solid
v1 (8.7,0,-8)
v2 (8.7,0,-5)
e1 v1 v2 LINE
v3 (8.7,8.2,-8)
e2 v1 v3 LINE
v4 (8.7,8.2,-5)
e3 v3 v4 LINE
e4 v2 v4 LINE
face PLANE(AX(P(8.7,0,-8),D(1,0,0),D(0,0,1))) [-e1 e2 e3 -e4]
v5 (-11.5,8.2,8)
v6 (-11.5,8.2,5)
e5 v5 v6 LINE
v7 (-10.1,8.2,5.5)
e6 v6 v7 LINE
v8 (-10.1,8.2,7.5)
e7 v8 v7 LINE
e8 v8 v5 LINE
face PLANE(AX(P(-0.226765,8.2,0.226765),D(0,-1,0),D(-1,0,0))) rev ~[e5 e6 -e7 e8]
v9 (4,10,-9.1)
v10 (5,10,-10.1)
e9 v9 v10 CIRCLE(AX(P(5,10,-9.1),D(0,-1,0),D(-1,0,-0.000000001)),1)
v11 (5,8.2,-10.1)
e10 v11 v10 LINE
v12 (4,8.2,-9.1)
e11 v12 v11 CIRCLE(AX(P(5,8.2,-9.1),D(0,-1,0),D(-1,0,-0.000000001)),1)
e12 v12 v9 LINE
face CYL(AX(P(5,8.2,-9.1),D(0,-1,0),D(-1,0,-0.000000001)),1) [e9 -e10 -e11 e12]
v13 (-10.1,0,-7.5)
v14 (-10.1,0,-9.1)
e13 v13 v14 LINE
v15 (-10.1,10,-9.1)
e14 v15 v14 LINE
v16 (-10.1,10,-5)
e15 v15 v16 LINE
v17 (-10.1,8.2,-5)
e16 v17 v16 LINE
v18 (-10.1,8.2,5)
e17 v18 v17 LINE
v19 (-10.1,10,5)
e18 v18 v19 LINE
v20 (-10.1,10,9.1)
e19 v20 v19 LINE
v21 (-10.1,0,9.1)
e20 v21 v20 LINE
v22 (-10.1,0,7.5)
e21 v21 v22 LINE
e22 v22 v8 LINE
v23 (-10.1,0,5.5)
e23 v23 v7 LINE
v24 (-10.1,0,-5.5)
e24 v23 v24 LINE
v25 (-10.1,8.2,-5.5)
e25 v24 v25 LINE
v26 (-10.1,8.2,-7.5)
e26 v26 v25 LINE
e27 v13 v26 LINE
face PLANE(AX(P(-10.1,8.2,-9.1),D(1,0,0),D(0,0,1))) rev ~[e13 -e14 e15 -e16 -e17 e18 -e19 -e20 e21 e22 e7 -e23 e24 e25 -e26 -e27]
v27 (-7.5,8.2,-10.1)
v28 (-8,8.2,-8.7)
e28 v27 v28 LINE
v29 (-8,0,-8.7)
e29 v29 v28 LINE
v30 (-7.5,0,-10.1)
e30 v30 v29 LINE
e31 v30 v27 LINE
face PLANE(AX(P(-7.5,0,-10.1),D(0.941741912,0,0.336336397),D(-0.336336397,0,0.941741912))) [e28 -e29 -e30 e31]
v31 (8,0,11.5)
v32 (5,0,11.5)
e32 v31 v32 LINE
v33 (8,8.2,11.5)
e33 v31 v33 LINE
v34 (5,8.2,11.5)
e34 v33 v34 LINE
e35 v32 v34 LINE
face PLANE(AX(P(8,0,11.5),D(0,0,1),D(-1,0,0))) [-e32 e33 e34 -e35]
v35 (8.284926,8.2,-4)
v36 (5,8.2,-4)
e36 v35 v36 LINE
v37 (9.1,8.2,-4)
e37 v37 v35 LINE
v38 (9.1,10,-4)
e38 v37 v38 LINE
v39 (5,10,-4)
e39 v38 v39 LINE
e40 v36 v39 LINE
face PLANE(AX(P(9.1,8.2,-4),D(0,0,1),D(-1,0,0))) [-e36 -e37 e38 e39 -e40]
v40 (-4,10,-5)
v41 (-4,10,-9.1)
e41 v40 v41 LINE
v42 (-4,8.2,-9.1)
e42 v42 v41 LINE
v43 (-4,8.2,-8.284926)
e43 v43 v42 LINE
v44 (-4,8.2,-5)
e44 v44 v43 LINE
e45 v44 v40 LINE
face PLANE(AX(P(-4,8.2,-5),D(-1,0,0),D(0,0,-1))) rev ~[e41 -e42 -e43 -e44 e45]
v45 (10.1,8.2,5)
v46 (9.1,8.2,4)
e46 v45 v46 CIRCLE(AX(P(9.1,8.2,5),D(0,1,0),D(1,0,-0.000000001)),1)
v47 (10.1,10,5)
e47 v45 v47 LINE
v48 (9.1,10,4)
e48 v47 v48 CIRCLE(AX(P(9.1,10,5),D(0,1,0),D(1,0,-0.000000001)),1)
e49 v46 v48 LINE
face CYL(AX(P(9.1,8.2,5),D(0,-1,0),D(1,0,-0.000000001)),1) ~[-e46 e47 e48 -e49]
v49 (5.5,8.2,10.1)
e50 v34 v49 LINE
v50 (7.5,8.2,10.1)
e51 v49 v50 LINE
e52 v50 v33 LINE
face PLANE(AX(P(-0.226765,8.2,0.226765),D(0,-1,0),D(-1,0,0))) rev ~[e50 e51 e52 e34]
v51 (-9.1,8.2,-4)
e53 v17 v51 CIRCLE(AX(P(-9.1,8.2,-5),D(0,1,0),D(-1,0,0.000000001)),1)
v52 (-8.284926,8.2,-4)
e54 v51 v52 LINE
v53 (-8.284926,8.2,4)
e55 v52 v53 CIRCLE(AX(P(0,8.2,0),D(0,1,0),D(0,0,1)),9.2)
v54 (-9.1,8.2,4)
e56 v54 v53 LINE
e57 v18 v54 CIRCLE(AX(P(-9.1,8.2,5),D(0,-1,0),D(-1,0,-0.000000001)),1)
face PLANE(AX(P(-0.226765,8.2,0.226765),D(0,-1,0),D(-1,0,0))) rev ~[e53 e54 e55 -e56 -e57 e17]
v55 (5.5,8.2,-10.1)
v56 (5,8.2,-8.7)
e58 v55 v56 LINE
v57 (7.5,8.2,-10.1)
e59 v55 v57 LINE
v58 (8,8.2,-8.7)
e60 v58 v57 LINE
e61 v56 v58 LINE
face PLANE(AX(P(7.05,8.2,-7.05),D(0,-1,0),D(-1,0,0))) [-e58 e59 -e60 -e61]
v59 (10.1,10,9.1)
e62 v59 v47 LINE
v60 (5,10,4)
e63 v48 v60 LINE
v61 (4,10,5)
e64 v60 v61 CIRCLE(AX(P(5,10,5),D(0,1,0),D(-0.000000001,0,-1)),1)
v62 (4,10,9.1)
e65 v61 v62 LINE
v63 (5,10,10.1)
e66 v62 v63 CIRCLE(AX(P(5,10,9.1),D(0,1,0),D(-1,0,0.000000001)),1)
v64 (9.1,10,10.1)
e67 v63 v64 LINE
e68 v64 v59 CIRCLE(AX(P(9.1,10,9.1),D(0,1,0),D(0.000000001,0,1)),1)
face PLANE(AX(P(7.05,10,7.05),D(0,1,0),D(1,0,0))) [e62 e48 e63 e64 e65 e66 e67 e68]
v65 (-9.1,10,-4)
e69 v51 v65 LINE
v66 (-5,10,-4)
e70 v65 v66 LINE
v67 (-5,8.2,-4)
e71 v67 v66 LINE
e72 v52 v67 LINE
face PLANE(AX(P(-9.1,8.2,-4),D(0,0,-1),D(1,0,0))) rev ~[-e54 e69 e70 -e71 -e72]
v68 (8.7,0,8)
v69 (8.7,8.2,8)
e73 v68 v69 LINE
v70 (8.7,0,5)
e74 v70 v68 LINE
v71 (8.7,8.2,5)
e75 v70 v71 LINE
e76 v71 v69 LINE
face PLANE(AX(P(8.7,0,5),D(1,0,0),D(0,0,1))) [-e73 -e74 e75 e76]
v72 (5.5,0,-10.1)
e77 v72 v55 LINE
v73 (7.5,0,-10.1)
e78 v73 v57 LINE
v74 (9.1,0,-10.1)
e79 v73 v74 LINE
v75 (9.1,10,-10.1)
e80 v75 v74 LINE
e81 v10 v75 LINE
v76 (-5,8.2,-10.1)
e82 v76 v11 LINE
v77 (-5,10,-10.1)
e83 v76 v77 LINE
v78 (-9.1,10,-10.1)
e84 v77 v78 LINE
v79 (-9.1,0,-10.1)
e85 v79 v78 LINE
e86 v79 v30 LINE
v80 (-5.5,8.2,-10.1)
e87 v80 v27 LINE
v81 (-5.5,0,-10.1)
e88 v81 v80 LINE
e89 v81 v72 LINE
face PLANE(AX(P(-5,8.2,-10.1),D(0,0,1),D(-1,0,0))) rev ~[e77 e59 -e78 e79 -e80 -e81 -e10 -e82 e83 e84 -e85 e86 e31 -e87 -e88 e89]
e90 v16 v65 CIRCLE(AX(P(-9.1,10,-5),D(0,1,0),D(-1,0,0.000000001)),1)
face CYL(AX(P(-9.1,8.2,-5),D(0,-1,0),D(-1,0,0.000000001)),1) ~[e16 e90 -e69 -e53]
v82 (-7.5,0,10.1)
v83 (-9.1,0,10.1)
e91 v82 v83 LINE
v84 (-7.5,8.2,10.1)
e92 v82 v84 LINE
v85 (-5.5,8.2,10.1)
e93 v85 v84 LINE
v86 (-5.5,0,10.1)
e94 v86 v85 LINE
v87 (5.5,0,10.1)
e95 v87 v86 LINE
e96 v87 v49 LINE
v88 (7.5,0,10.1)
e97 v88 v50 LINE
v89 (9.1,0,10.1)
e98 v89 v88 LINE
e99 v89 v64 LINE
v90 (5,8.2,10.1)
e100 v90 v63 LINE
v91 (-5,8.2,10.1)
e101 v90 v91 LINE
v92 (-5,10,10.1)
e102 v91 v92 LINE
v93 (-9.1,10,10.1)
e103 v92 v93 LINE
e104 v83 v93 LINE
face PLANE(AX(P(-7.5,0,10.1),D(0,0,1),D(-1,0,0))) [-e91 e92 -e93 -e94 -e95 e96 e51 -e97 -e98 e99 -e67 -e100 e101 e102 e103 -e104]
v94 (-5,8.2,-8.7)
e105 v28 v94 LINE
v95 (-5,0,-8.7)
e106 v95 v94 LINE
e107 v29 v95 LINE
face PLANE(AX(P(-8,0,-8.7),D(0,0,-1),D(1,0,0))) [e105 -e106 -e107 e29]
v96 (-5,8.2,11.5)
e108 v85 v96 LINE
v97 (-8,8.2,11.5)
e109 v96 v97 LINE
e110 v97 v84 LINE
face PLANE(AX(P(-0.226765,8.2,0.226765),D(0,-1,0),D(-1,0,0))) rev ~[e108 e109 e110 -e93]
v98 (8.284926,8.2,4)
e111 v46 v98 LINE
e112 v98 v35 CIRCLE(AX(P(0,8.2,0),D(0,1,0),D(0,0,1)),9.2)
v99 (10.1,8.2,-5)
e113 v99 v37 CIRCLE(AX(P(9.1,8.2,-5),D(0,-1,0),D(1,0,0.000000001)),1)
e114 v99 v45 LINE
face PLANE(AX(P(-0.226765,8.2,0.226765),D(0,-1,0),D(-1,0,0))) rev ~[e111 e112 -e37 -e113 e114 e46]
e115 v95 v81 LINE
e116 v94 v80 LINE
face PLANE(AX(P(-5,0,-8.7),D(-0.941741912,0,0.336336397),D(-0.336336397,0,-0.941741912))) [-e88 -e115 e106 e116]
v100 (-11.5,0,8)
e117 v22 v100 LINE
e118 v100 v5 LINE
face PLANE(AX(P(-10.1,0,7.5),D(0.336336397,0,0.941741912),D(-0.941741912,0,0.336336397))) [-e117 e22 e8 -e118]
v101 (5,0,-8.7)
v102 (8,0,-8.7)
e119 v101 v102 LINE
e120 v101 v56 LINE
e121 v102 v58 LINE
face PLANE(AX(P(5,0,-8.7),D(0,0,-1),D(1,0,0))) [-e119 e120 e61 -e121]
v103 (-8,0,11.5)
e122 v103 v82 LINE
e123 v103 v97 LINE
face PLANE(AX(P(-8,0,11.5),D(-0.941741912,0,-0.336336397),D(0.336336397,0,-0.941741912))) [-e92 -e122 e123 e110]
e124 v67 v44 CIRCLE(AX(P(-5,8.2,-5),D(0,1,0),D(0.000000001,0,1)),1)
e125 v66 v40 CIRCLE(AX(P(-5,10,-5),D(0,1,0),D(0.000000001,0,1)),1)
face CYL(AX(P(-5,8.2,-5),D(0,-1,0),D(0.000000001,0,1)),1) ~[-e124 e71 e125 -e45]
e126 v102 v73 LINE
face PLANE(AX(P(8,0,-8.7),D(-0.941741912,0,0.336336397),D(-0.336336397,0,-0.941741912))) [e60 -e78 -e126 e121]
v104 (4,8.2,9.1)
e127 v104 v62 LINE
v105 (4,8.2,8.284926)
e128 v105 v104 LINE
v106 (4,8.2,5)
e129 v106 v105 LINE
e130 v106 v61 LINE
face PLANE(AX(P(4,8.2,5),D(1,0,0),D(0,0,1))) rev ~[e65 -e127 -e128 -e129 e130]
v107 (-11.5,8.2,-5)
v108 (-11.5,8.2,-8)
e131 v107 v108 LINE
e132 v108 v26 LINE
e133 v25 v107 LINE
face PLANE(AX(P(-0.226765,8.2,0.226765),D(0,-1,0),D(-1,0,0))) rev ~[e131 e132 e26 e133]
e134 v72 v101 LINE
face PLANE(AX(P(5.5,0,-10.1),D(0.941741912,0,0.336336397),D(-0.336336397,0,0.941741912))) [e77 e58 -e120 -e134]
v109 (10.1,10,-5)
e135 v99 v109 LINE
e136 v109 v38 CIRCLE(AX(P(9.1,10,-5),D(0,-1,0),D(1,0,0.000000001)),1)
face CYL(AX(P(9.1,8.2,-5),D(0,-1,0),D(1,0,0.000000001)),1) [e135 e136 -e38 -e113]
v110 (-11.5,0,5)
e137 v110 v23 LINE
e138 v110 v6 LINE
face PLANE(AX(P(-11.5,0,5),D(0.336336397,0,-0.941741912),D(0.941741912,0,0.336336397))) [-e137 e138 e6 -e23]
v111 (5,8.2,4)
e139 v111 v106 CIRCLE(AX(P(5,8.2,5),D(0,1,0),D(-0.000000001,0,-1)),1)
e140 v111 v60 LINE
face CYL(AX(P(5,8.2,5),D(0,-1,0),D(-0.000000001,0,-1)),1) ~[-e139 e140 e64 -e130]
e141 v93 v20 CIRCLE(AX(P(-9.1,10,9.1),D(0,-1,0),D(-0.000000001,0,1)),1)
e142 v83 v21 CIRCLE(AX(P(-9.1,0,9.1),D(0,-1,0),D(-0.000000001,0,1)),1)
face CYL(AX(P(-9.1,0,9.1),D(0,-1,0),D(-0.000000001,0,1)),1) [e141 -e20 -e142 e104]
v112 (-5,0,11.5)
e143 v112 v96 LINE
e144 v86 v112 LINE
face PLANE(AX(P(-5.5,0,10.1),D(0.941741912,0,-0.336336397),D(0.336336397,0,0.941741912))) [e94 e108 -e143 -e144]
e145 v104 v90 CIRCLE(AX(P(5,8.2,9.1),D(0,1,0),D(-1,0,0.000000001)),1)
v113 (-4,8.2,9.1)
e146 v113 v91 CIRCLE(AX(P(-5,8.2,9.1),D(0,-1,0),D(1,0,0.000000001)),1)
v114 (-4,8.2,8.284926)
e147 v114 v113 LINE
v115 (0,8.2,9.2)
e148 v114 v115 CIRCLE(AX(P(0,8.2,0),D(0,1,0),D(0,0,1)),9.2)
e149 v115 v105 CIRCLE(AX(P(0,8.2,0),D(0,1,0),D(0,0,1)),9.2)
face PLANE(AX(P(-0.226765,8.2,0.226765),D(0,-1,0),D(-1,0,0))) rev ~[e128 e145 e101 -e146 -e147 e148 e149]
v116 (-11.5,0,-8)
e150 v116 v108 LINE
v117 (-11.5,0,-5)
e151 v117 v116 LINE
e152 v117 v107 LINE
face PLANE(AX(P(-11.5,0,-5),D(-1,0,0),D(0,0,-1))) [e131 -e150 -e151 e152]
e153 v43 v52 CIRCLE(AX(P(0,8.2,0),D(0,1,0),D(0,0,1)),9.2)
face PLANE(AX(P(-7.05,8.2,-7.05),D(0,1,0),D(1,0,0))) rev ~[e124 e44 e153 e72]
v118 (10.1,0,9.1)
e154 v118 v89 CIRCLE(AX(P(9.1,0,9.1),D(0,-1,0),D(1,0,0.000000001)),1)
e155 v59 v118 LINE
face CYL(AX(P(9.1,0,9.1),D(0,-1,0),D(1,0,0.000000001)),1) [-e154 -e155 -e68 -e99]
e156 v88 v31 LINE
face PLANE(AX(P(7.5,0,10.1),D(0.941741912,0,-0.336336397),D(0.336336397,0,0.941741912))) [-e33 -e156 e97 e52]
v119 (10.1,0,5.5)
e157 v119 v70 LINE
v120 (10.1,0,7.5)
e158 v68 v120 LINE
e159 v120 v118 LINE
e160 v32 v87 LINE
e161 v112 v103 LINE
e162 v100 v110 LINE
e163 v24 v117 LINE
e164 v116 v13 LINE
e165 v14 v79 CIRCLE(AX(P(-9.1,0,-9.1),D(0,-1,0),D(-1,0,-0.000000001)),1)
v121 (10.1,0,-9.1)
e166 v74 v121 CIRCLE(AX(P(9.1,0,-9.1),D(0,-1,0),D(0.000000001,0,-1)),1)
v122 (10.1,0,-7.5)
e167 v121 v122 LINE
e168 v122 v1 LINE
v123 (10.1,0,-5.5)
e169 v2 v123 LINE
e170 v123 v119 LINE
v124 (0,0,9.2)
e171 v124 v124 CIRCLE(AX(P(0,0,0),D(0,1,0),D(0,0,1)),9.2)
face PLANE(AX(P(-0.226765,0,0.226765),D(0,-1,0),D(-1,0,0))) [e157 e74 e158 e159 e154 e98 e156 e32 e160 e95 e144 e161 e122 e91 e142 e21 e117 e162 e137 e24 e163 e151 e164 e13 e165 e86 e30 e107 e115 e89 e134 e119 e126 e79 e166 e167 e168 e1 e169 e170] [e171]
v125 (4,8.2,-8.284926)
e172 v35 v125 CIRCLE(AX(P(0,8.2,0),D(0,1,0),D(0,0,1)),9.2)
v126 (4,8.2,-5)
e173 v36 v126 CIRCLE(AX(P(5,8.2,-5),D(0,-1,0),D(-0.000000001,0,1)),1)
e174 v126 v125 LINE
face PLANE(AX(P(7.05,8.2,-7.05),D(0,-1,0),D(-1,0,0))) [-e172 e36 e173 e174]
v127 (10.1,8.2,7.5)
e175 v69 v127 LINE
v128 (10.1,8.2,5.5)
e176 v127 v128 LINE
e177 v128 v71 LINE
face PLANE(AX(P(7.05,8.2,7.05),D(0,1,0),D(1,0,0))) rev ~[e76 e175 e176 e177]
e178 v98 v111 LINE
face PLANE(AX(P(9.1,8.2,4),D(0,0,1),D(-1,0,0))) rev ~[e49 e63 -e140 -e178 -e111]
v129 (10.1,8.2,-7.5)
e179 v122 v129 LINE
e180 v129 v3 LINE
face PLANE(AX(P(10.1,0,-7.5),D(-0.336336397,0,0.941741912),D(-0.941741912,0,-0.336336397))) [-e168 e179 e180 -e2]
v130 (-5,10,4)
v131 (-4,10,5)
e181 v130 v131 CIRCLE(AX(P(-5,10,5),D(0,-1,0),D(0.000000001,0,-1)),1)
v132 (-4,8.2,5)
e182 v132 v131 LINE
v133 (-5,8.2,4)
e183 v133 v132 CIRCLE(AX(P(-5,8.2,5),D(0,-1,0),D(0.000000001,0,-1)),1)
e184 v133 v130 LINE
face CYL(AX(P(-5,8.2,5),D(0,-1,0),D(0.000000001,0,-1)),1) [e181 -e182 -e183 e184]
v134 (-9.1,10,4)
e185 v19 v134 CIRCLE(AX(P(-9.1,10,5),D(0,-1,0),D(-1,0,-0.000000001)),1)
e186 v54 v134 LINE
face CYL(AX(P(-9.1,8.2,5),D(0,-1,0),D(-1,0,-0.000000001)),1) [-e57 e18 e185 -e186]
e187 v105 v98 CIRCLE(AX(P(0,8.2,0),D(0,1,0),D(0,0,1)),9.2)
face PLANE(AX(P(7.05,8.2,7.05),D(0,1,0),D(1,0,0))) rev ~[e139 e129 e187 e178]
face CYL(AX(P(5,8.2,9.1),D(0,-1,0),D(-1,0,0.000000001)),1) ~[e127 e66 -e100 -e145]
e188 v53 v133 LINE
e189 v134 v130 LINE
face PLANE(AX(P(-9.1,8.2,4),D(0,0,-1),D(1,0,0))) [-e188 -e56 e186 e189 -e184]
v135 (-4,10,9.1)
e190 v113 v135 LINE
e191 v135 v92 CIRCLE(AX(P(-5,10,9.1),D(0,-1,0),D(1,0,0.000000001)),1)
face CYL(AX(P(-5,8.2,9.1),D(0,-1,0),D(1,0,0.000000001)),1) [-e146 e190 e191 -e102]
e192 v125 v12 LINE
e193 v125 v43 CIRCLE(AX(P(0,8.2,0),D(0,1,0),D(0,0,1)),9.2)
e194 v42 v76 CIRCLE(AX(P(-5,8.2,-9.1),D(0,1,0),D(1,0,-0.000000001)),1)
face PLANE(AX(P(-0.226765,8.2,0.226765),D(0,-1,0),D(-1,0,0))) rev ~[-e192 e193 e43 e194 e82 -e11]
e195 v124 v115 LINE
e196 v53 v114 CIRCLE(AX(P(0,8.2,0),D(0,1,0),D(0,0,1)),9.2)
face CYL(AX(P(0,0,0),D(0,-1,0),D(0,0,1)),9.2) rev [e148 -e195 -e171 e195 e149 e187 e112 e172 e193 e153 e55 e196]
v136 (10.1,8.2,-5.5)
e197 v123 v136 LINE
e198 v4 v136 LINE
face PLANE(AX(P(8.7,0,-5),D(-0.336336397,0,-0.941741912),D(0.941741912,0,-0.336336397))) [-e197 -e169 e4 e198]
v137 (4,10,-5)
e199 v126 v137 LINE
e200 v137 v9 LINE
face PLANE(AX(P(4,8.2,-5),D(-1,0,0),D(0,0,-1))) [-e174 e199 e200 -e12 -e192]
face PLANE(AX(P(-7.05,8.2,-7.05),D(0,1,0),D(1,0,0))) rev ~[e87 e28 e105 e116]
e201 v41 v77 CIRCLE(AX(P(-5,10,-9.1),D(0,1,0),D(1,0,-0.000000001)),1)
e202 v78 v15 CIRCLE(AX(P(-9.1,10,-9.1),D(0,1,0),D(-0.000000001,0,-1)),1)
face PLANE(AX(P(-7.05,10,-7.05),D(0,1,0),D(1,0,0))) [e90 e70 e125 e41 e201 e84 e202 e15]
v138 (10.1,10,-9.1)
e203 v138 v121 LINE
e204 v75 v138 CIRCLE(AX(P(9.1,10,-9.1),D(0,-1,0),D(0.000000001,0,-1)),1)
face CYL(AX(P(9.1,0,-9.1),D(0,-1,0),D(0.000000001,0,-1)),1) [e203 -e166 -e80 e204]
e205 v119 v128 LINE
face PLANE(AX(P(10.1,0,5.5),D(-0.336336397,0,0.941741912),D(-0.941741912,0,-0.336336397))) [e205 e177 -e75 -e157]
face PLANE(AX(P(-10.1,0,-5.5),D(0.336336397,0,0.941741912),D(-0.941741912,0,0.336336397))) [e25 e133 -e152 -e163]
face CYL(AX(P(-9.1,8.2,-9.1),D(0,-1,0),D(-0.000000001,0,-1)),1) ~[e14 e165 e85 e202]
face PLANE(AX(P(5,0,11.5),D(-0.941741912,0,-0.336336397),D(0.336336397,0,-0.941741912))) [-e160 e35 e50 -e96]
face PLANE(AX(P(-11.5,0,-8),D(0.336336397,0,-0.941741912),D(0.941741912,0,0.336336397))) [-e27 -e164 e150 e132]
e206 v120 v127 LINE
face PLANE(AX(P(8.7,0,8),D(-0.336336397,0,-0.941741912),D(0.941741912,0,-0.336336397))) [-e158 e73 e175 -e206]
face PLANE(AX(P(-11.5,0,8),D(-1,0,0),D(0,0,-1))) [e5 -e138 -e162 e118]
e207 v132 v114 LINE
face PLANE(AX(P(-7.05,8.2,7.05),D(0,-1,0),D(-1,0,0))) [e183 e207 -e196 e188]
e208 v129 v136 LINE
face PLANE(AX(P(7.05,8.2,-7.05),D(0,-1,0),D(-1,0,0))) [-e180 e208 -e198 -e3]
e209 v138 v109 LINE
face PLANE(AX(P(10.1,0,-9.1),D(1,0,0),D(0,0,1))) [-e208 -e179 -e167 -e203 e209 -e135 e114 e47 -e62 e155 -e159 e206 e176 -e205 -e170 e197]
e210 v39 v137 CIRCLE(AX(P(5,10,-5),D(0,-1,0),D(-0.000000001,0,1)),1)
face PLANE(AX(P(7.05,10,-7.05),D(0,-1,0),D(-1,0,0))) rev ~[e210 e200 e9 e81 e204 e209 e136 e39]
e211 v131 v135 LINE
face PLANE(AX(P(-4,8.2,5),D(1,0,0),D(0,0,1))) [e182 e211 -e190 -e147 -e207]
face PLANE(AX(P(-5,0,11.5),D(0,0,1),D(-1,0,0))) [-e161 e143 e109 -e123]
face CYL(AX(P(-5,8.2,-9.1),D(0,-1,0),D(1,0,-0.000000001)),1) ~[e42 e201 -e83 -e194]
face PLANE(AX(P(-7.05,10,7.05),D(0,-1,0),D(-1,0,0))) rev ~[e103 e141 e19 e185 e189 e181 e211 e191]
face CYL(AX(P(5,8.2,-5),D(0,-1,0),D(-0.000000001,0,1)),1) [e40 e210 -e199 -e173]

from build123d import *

# Parameters (mm, degrees)
SKETCH1_R           = 9.2
BOSS_EXTRUDE1_DEPTH = 8.2
BOSS_EXTRUDE2_DEPTH = 1.8


with BuildPart() as part:
    # Sketch1 → Boss-Extrude1 (new body)
    with BuildSketch(Plane(origin=(0, 0, 0), x_dir=(1, 0, 0), z_dir=(0, 1, 0))):
        with BuildLine():
            Line((-9.1, 10.1), (-7.5, 10.1))
            Line((-7.5, 10.1), (-8, 8.7))
            Line((-8, 8.7), (-5, 8.7))
            Line((-5, 8.7), (-5.5, 10.1))
            Line((-5.5, 10.1), (5.5, 10.1))
            Line((5.5, 10.1), (5, 8.7))
            Line((5, 8.7), (8, 8.7))
            Line((8, 8.7), (7.5, 10.1))
            Line((7.5, 10.1), (9.1, 10.1))
            ThreePointArc((9.1, 10.1), (9.807106781, 9.807106781), (10.1, 9.1))
            Line((10.1, 9.1), (10.1, 7.5))
            Line((10.1, 7.5), (8.7, 8))
            Line((8.7, 8), (8.7, 5))
            Line((8.7, 5), (10.1, 5.5))
            Line((10.1, 5.5), (10.1, -5.5))
            Line((10.1, -5.5), (8.7, -5))
            Line((8.7, -5), (8.7, -8))
            Line((8.7, -8), (10.1, -7.5))
            Line((10.1, -7.5), (10.1, -9.1))
            ThreePointArc((10.1, -9.1), (9.807106781, -9.807106781), (9.1, -10.1))
            Line((9.1, -10.1), (7.5, -10.1))
            Line((7.5, -10.1), (8, -11.5))
            Line((8, -11.5), (5, -11.5))
            Line((5, -11.5), (5.5, -10.1))
            Line((5.5, -10.1), (-5.5, -10.1))
            Line((-5.5, -10.1), (-5, -11.5))
            Line((-5, -11.5), (-8, -11.5))
            Line((-8, -11.5), (-7.5, -10.1))
            Line((-7.5, -10.1), (-9.1, -10.1))
            ThreePointArc((-9.1, -10.1), (-9.807106781, -9.807106781), (-10.1, -9.1))
            Line((-10.1, -9.1), (-10.1, -7.5))
            Line((-10.1, -7.5), (-11.5, -8))
            Line((-11.5, -8), (-11.5, -5))
            Line((-11.5, -5), (-10.1, -5.5))
            Line((-10.1, -5.5), (-10.1, 5.5))
            Line((-10.1, 5.5), (-11.5, 5))
            Line((-11.5, 5), (-11.5, 8))
            Line((-11.5, 8), (-10.1, 7.5))
            Line((-10.1, 7.5), (-10.1, 9.1))
            ThreePointArc((-10.1, 9.1), (-9.807106781, 9.807106781), (-9.1, 10.1))
        make_face()
        with Locations(Location((0, 0, 0), (0, 0, 270))):
            Circle(SKETCH1_R, mode=Mode.SUBTRACT)
    extrude(amount=BOSS_EXTRUDE1_DEPTH)

    # Sketch2 → Boss-Extrude2 (add)
    with BuildSketch(Plane(origin=(0, 8.2, 0), x_dir=(1, 0, 0), z_dir=(0, 1, 0))):
        with BuildLine():
            Line((-9.1, 4), (-5, 4))
            ThreePointArc((-5, 4), (-4.292893219, 4.292893219), (-4, 5))
            Line((-4, 5), (-4, 9.1))
            ThreePointArc((-4, 9.1), (-4.292893219, 9.807106781), (-5, 10.1))
            Line((-5, 10.1), (-9.1, 10.1))
            ThreePointArc((-9.1, 10.1), (-9.807106781, 9.807106781), (-10.1, 9.1))
            Line((-10.1, 9.1), (-10.1, 5))
            ThreePointArc((-10.1, 5), (-9.807106781, 4.292893219), (-9.1, 4))
        make_face()
        with BuildLine():
            Line((10.1, 9.1), (10.1, 5))
            ThreePointArc((10.1, 5), (9.807106781, 4.292893219), (9.1, 4))
            Line((9.1, 4), (5, 4))
            ThreePointArc((5, 4), (4.292893219, 4.292893219), (4, 5))
            Line((4, 5), (4, 9.1))
            ThreePointArc((4, 9.1), (4.292893219, 9.807106781), (5, 10.1))
            Line((5, 10.1), (9.1, 10.1))
            ThreePointArc((9.1, 10.1), (9.807106781, 9.807106781), (10.1, 9.1))
        make_face()
        with BuildLine():
            Line((9.1, -4), (5, -4))
            ThreePointArc((5, -4), (4.292893219, -4.292893219), (4, -5))
            Line((4, -5), (4, -9.1))
            ThreePointArc((4, -9.1), (4.292893219, -9.807106781), (5, -10.1))
            Line((5, -10.1), (9.1, -10.1))
            ThreePointArc((9.1, -10.1), (9.807106781, -9.807106781), (10.1, -9.1))
            Line((10.1, -9.1), (10.1, -5))
            ThreePointArc((10.1, -5), (9.807106781, -4.292893219), (9.1, -4))
        make_face()
        with BuildLine():
            Line((-4, -5), (-4, -9.1))
            ThreePointArc((-4, -9.1), (-4.292893219, -9.807106781), (-5, -10.1))
            Line((-5, -10.1), (-9.1, -10.1))
            ThreePointArc((-9.1, -10.1), (-9.807106781, -9.807106781), (-10.1, -9.1))
            Line((-10.1, -9.1), (-10.1, -5))
            ThreePointArc((-10.1, -5), (-9.807106781, -4.292893219), (-9.1, -4))
            Line((-9.1, -4), (-5, -4))
            ThreePointArc((-5, -4), (-4.292893219, -4.292893219), (-4, -5))
        make_face()
    extrude(amount=BOSS_EXTRUDE2_DEPTH)


solid = part.part
